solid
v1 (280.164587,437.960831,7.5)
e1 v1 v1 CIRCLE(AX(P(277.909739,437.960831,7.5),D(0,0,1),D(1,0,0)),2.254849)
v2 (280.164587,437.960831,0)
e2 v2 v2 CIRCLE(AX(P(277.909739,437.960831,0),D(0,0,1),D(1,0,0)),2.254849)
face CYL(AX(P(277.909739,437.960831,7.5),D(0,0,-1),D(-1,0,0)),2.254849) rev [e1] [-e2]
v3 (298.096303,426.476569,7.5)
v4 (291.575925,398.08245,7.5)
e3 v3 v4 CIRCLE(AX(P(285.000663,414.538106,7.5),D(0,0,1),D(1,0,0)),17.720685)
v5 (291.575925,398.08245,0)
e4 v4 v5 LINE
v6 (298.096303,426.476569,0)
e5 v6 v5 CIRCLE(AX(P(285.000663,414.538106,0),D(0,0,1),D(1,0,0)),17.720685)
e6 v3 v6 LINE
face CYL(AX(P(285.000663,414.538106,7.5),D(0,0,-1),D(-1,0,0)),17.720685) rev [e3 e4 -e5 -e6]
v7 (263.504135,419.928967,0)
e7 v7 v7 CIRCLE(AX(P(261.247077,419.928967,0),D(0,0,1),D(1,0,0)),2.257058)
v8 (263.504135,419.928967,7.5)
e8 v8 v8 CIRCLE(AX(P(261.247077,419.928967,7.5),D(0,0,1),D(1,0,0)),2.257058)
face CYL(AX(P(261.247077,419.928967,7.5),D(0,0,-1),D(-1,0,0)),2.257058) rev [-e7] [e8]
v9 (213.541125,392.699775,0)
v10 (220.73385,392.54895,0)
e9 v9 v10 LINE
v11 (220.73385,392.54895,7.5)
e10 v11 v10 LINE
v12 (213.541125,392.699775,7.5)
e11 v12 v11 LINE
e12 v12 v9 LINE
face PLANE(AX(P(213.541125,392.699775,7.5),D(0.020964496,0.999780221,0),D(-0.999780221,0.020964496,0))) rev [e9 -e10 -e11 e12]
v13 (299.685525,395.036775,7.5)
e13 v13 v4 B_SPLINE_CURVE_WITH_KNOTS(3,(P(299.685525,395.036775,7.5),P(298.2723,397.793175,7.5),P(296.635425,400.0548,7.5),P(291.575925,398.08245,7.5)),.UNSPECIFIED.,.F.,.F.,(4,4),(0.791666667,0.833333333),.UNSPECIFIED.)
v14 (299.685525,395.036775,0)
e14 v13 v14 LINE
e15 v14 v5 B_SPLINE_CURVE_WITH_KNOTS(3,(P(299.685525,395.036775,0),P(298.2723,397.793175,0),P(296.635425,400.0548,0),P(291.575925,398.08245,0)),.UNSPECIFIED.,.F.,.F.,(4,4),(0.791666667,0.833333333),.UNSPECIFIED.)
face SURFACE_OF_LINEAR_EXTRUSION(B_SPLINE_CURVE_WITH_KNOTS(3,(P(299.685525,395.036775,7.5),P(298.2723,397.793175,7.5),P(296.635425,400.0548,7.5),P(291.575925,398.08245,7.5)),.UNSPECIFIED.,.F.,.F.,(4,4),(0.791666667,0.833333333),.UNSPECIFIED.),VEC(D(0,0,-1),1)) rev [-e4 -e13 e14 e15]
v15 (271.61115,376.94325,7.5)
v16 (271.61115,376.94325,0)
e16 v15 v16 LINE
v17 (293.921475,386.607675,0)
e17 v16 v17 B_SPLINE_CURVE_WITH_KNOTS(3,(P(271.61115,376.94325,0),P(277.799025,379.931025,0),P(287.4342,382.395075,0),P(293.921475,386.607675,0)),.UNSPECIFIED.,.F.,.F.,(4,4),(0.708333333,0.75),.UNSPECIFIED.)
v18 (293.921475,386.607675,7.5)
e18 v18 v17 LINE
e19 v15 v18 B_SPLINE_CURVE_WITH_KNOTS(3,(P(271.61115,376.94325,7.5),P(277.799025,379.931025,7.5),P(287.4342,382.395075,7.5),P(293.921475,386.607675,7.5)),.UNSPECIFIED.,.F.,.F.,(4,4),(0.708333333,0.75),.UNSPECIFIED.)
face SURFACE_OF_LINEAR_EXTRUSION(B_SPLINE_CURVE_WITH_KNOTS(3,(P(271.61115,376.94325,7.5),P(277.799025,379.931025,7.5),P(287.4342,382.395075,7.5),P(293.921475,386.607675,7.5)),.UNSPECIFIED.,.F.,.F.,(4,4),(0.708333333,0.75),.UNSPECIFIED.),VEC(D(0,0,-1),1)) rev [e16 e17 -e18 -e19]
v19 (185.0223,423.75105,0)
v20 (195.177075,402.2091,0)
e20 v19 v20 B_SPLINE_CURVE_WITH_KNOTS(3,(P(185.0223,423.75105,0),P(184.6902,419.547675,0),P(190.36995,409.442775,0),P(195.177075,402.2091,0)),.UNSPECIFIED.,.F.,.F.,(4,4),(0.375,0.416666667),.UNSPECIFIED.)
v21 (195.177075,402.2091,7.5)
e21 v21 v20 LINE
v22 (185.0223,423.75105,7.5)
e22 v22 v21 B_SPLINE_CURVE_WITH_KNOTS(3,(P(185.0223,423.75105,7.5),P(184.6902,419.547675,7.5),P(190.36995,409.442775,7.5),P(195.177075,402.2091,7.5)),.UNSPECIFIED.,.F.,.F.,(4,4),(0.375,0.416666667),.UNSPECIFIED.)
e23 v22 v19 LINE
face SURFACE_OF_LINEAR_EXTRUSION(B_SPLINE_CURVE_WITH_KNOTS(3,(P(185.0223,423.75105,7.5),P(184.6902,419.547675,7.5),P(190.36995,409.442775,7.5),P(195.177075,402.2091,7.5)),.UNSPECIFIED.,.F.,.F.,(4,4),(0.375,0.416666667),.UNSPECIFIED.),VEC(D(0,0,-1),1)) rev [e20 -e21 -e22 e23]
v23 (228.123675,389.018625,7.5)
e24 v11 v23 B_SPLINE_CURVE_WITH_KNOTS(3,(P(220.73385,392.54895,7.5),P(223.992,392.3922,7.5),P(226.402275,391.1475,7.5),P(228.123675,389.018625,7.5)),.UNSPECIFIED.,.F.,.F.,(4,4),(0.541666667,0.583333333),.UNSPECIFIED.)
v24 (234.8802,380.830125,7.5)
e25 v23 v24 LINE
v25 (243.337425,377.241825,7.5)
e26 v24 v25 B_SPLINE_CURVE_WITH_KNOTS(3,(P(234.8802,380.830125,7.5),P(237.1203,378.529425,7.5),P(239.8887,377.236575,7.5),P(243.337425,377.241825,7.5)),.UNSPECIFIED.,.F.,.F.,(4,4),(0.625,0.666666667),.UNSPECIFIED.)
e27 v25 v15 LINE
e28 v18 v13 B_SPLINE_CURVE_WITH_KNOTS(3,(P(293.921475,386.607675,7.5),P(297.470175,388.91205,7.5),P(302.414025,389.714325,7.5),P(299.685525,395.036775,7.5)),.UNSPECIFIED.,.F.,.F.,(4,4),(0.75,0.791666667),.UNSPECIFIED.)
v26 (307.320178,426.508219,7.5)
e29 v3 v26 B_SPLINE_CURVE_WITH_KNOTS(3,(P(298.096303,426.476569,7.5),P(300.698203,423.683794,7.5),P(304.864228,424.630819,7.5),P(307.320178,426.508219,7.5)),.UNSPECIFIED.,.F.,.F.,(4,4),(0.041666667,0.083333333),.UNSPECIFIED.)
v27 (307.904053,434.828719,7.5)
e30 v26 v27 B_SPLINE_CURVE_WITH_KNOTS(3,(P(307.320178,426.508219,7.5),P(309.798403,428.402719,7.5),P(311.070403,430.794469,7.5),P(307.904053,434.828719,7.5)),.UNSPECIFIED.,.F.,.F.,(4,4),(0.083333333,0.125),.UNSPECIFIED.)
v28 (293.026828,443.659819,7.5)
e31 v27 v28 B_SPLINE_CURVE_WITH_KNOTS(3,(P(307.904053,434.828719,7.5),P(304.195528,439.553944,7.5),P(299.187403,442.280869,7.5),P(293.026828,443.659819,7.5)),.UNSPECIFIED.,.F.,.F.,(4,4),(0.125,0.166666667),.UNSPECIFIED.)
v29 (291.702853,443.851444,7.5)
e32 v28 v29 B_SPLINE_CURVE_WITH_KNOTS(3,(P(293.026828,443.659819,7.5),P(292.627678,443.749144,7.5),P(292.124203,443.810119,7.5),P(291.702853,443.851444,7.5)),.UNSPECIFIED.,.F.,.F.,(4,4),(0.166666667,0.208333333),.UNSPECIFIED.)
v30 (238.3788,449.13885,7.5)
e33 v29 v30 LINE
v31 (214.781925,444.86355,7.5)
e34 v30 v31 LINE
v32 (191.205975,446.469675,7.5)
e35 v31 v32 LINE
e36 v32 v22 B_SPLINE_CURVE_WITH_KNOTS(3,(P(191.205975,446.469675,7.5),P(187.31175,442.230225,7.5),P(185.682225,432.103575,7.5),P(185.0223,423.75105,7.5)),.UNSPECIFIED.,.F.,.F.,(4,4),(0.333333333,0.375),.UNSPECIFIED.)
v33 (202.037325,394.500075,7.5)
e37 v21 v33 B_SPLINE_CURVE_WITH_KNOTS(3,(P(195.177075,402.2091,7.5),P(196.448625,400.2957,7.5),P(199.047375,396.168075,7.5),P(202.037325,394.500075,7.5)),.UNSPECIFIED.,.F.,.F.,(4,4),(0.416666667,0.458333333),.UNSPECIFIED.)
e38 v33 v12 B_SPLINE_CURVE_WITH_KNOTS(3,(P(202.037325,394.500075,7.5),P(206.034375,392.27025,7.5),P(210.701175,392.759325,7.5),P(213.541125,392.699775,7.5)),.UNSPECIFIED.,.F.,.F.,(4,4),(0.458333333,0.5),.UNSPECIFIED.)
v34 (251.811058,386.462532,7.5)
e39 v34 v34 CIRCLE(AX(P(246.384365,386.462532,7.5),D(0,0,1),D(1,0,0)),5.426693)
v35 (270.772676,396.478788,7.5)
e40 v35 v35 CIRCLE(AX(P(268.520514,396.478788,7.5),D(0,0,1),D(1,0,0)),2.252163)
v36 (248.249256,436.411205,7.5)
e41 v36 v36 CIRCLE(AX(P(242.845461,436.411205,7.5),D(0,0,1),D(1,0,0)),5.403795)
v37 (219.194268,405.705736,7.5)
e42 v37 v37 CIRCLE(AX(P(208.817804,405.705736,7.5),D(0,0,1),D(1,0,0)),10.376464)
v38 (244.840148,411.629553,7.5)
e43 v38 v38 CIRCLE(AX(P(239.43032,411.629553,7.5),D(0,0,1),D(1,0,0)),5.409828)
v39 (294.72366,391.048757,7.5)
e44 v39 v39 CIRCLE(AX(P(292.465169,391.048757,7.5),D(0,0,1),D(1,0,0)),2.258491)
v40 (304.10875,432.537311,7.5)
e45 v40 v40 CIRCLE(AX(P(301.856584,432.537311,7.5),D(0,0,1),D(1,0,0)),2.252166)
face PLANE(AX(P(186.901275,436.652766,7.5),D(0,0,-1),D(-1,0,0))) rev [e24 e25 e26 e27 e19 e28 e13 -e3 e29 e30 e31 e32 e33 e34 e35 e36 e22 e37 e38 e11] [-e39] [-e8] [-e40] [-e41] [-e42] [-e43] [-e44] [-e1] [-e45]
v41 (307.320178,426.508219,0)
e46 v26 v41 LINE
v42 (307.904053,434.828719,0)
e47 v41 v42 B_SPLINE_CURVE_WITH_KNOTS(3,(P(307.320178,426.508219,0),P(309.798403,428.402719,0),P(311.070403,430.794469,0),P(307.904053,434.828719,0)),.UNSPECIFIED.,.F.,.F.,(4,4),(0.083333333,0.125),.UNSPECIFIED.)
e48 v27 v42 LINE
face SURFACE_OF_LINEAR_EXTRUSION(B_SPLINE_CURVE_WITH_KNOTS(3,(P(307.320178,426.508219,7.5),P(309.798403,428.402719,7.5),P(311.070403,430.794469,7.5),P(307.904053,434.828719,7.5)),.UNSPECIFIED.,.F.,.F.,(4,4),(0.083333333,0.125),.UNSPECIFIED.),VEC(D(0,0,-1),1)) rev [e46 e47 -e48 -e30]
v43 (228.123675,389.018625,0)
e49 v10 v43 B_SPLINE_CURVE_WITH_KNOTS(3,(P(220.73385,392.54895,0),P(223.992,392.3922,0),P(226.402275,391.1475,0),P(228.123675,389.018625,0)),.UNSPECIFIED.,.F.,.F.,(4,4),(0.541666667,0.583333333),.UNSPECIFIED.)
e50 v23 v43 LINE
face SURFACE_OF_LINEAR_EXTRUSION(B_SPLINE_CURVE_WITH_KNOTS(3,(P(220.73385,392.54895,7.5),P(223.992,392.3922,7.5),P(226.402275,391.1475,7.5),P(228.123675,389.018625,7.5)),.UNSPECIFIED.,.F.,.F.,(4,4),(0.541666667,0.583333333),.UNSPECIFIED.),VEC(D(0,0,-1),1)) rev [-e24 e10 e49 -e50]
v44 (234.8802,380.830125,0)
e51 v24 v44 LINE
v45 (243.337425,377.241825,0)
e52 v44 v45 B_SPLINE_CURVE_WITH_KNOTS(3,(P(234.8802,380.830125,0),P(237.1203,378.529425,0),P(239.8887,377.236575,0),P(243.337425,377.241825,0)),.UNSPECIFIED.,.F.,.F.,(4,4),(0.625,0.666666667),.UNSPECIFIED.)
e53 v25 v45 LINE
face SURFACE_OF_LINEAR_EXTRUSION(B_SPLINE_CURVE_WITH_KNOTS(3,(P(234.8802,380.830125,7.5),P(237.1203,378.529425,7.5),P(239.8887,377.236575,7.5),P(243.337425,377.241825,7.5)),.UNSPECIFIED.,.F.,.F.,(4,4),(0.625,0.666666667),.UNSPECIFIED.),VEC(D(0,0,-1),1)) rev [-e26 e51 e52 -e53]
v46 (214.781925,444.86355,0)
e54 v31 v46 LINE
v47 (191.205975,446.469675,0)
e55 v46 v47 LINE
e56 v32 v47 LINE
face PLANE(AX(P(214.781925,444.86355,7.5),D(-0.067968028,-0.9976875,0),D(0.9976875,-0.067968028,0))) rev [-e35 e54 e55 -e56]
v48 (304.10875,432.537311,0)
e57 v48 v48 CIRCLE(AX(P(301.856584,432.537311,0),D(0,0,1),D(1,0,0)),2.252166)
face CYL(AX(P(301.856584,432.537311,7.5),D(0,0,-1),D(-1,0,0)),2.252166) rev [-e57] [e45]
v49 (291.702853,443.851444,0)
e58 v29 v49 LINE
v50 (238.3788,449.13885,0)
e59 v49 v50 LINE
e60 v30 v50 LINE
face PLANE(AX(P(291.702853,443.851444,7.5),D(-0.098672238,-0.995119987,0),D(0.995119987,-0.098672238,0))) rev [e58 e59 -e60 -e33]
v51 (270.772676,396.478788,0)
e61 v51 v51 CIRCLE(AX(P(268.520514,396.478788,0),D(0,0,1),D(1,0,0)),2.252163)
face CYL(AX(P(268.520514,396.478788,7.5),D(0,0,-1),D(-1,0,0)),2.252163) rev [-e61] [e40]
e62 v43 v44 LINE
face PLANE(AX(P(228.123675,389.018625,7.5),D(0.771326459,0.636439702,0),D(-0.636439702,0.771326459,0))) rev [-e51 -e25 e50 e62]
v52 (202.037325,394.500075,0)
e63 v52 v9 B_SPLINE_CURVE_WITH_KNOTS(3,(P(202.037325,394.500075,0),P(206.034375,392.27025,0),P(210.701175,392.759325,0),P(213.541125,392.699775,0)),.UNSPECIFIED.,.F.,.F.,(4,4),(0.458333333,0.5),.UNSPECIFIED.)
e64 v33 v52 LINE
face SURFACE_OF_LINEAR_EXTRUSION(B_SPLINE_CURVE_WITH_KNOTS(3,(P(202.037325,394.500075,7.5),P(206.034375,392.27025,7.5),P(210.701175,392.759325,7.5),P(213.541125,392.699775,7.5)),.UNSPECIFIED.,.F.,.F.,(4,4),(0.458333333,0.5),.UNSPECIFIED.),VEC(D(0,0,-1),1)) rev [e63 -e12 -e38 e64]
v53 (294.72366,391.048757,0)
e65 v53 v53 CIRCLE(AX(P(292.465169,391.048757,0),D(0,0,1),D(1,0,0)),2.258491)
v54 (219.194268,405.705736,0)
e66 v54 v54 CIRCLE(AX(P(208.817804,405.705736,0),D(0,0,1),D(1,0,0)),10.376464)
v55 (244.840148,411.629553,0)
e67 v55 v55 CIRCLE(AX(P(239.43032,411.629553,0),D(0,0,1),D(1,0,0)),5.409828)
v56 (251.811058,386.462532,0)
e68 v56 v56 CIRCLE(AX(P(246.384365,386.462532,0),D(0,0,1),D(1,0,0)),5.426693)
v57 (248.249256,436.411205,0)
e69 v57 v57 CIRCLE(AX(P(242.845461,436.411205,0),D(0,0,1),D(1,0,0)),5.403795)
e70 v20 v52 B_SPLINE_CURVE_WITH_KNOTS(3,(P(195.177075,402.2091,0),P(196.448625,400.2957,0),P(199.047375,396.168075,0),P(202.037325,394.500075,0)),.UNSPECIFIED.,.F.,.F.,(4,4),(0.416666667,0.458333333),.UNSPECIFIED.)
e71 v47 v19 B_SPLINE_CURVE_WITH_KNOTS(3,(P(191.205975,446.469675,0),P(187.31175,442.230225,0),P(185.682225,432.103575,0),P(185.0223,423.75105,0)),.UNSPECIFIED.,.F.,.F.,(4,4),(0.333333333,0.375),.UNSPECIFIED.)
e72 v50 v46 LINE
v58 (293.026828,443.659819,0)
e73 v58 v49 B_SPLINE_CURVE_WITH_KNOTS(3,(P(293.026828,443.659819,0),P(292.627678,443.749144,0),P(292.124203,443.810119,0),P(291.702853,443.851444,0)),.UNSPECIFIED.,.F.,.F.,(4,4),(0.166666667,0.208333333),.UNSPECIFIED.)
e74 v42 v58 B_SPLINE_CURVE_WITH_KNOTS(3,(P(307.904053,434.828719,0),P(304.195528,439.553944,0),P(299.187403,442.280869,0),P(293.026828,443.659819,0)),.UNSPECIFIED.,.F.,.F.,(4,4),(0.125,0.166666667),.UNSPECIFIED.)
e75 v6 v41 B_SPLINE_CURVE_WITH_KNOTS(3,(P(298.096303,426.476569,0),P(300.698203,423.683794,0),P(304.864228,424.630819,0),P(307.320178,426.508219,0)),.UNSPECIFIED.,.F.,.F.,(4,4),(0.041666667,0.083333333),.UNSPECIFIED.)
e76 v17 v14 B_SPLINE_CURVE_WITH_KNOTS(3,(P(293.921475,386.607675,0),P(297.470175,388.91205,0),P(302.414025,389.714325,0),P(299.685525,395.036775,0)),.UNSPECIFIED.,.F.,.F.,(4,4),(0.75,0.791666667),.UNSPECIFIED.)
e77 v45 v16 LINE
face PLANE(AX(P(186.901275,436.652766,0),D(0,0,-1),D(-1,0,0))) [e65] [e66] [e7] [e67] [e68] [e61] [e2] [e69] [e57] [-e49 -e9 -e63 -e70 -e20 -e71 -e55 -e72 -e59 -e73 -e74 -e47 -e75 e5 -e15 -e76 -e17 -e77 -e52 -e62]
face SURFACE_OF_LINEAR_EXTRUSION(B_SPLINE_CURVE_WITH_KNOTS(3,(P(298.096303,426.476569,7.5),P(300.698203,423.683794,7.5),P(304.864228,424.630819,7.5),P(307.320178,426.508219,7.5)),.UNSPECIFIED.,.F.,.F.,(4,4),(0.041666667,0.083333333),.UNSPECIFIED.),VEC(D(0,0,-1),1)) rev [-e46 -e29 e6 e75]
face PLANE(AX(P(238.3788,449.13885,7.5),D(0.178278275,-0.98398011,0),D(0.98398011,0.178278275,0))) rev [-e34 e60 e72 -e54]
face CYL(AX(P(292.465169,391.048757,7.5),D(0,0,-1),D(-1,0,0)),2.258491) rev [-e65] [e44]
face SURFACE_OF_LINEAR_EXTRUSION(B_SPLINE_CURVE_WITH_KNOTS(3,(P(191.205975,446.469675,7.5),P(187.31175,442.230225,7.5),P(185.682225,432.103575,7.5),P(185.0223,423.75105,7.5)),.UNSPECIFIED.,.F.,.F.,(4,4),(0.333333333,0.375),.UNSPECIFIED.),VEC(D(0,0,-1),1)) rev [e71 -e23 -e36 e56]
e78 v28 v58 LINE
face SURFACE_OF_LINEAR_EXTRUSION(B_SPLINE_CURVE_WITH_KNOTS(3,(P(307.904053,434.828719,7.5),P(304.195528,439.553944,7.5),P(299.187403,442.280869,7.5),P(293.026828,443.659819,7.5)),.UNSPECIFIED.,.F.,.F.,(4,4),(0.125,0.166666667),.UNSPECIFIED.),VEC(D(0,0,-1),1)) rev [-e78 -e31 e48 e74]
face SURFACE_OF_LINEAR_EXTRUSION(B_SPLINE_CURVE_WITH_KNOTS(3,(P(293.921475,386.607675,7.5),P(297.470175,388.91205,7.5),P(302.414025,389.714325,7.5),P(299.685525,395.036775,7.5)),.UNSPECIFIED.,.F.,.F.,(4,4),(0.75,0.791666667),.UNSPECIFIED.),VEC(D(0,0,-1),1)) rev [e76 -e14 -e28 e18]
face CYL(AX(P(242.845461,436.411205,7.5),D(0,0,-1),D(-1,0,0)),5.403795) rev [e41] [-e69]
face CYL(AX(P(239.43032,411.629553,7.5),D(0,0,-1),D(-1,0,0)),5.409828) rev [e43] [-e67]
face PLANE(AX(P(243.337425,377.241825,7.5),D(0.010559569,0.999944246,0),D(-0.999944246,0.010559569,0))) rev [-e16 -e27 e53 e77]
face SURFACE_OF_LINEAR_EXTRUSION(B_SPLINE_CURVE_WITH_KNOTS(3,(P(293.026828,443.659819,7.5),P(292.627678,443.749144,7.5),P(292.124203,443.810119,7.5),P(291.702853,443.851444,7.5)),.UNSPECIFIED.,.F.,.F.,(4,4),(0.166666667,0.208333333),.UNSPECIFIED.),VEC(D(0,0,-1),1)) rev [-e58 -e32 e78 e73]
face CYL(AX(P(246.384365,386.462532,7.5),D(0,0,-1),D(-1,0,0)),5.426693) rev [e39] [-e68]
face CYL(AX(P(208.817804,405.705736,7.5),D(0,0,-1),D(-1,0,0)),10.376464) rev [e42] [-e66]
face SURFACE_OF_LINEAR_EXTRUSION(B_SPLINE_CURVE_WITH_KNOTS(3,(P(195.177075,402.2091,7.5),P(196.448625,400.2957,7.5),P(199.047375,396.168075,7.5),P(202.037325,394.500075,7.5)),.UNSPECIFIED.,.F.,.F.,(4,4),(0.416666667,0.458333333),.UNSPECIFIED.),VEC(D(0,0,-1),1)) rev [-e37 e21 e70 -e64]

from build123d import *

# Parameters (mm, degrees)
SKETCH1_R           = 13.83528528
SKETCH1_R_2         = 7.235591107
SKETCH1_R_3         = 3.011320737
SKETCH1_R_4         = 7.213103978
SKETCH1_R_5         = 3.002883417
SKETCH1_R_6         = 3.009410698
SKETCH1_R_7         = 7.205059389
SKETCH1_R_8         = 3.006464833
SKETCH1_R_9         = 3.002887994
BOSS_EXTRUDE3_DEPTH = 10
SCALE6_SCALE        = 0.75


with BuildPart() as part:
    # Sketch1 → Boss-Extrude3 (new body)
    with BuildSketch(Plane.XY):
        with BuildLine():
            add(Edge.make_bspline(
                [(390.702437401, 591.546424948), (390.170237401, 591.665524948), (389.498937401, 591.746824948), (388.937137401, 591.801924948)],
                knots=[0.166666667, 0.166666667, 0.166666667, 0.166666667, 0.208333333, 0.208333333, 0.208333333, 0.208333333], degree=3))
            Line((388.937137401, 591.801924948), (317.8384, 598.8518))
            Line((317.8384, 598.8518), (286.3759, 593.1514))
            Line((286.3759, 593.1514), (254.9413, 595.2929))
            add(Edge.make_bspline(
                [(254.9413, 595.2929), (249.749, 589.6403), (247.5763, 576.1381), (246.6964, 565.0014)],
                knots=[0.333333333, 0.333333333, 0.333333333, 0.333333333, 0.375, 0.375, 0.375, 0.375], degree=3))
            add(Edge.make_bspline(
                [(246.6964, 565.0014), (246.2536, 559.3969), (253.8266, 545.9237), (260.2361, 536.2788)],
                knots=[0.375, 0.375, 0.375, 0.375, 0.416666667, 0.416666667, 0.416666667, 0.416666667], degree=3))
            add(Edge.make_bspline(
                [(260.2361, 536.2788), (261.9315, 533.7276), (265.3965, 528.2241), (269.3831, 526.0001)],
                knots=[0.416666667, 0.416666667, 0.416666667, 0.416666667, 0.458333333, 0.458333333, 0.458333333, 0.458333333], degree=3))
            add(Edge.make_bspline(
                [(269.3831, 526.0001), (274.7125, 523.027), (280.9349, 523.6791), (284.7215, 523.5997)],
                knots=[0.458333333, 0.458333333, 0.458333333, 0.458333333, 0.5, 0.5, 0.5, 0.5], degree=3))
            Line((284.7215, 523.5997), (294.3118, 523.3986))
            add(Edge.make_bspline(
                [(294.3118, 523.3986), (298.656, 523.1896), (301.8697, 521.53), (304.1649, 518.6915)],
                knots=[0.541666667, 0.541666667, 0.541666667, 0.541666667, 0.583333333, 0.583333333, 0.583333333, 0.583333333], degree=3))
            Line((304.1649, 518.6915), (313.1736, 507.7735))
            add(Edge.make_bspline(
                [(313.1736, 507.7735), (316.1604, 504.7059), (319.8516, 502.9821), (324.4499, 502.9891)],
                knots=[0.625, 0.625, 0.625, 0.625, 0.666666667, 0.666666667, 0.666666667, 0.666666667], degree=3))
            Line((324.4499, 502.9891), (362.1482, 502.591))
            add(Edge.make_bspline(
                [(362.1482, 502.591), (370.3987, 506.5747), (383.2456, 509.8601), (391.8953, 515.4769)],
                knots=[0.708333333, 0.708333333, 0.708333333, 0.708333333, 0.75, 0.75, 0.75, 0.75], degree=3))
            add(Edge.make_bspline(
                [(391.8953, 515.4769), (396.6269, 518.5494), (403.2187, 519.6191), (399.5807, 526.7157)],
                knots=[0.75, 0.75, 0.75, 0.75, 0.791666667, 0.791666667, 0.791666667, 0.791666667], degree=3))
            add(Edge.make_bspline(
                [(399.5807, 526.7157), (397.6964, 530.3909), (395.5139, 533.4064), (388.7679, 530.7766)],
                knots=[0.791666667, 0.791666667, 0.791666667, 0.791666667, 0.833333333, 0.833333333, 0.833333333, 0.833333333], degree=3))
            ThreePointArc((388.7679, 530.7766), (356.972685935, 558.005631546), (397.461737401, 568.635424948))
            add(Edge.make_bspline(
                [(397.461737401, 568.635424948), (400.930937401, 564.911724948), (406.485637401, 566.174424948), (409.760237401, 568.677624948)],
                knots=[0.041666667, 0.041666667, 0.041666667, 0.041666667, 0.083333333, 0.083333333, 0.083333333, 0.083333333], degree=3))
            add(Edge.make_bspline(
                [(409.760237401, 568.677624948), (413.064537401, 571.203624948), (414.760537401, 574.392624948), (410.538737401, 579.771624948)],
                knots=[0.083333333, 0.083333333, 0.083333333, 0.083333333, 0.125, 0.125, 0.125, 0.125], degree=3))
            add(Edge.make_bspline(
                [(410.538737401, 579.771624948), (405.594037401, 586.071924948), (398.916537401, 589.707824948), (390.702437401, 591.546424948)],
                knots=[0.125, 0.125, 0.125, 0.125, 0.166666667, 0.166666667, 0.166666667, 0.166666667], degree=3))
        make_face()
        with Locations((278.423738523, 540.940981928)):
            Circle(SKETCH1_R, mode=Mode.SUBTRACT)
        with Locations((328.512486768, 515.283376314)):
            Circle(SKETCH1_R_2, mode=Mode.SUBTRACT)
        with Locations((389.953559171, 521.398342198)):
            Circle(SKETCH1_R_3, mode=Mode.SUBTRACT)
        with Locations((319.240426613, 548.839403542)):
            Circle(SKETCH1_R_4, mode=Mode.SUBTRACT)
        with Locations((358.027351347, 528.638383691)):
            Circle(SKETCH1_R_5, mode=Mode.SUBTRACT)
        with Locations((348.329436617, 559.905288749)):
            Circle(SKETCH1_R_6, mode=Mode.SUBTRACT)
        with Locations((323.793948601, 581.881607046)):
            Circle(SKETCH1_R_7, mode=Mode.SUBTRACT)
        with Locations((370.54631834, 583.947774508)):
            Circle(SKETCH1_R_8, mode=Mode.SUBTRACT)
        with Locations((402.475445199, 576.716414423)):
            Circle(SKETCH1_R_9, mode=Mode.SUBTRACT)
    extrude(amount=BOSS_EXTRUDE3_DEPTH)


with BuildPart() as part_1:
    # Scale6: scaled about (0, 0, 0)
    add(part.part.scale(SCALE6_SCALE))


solid = part_1.part
